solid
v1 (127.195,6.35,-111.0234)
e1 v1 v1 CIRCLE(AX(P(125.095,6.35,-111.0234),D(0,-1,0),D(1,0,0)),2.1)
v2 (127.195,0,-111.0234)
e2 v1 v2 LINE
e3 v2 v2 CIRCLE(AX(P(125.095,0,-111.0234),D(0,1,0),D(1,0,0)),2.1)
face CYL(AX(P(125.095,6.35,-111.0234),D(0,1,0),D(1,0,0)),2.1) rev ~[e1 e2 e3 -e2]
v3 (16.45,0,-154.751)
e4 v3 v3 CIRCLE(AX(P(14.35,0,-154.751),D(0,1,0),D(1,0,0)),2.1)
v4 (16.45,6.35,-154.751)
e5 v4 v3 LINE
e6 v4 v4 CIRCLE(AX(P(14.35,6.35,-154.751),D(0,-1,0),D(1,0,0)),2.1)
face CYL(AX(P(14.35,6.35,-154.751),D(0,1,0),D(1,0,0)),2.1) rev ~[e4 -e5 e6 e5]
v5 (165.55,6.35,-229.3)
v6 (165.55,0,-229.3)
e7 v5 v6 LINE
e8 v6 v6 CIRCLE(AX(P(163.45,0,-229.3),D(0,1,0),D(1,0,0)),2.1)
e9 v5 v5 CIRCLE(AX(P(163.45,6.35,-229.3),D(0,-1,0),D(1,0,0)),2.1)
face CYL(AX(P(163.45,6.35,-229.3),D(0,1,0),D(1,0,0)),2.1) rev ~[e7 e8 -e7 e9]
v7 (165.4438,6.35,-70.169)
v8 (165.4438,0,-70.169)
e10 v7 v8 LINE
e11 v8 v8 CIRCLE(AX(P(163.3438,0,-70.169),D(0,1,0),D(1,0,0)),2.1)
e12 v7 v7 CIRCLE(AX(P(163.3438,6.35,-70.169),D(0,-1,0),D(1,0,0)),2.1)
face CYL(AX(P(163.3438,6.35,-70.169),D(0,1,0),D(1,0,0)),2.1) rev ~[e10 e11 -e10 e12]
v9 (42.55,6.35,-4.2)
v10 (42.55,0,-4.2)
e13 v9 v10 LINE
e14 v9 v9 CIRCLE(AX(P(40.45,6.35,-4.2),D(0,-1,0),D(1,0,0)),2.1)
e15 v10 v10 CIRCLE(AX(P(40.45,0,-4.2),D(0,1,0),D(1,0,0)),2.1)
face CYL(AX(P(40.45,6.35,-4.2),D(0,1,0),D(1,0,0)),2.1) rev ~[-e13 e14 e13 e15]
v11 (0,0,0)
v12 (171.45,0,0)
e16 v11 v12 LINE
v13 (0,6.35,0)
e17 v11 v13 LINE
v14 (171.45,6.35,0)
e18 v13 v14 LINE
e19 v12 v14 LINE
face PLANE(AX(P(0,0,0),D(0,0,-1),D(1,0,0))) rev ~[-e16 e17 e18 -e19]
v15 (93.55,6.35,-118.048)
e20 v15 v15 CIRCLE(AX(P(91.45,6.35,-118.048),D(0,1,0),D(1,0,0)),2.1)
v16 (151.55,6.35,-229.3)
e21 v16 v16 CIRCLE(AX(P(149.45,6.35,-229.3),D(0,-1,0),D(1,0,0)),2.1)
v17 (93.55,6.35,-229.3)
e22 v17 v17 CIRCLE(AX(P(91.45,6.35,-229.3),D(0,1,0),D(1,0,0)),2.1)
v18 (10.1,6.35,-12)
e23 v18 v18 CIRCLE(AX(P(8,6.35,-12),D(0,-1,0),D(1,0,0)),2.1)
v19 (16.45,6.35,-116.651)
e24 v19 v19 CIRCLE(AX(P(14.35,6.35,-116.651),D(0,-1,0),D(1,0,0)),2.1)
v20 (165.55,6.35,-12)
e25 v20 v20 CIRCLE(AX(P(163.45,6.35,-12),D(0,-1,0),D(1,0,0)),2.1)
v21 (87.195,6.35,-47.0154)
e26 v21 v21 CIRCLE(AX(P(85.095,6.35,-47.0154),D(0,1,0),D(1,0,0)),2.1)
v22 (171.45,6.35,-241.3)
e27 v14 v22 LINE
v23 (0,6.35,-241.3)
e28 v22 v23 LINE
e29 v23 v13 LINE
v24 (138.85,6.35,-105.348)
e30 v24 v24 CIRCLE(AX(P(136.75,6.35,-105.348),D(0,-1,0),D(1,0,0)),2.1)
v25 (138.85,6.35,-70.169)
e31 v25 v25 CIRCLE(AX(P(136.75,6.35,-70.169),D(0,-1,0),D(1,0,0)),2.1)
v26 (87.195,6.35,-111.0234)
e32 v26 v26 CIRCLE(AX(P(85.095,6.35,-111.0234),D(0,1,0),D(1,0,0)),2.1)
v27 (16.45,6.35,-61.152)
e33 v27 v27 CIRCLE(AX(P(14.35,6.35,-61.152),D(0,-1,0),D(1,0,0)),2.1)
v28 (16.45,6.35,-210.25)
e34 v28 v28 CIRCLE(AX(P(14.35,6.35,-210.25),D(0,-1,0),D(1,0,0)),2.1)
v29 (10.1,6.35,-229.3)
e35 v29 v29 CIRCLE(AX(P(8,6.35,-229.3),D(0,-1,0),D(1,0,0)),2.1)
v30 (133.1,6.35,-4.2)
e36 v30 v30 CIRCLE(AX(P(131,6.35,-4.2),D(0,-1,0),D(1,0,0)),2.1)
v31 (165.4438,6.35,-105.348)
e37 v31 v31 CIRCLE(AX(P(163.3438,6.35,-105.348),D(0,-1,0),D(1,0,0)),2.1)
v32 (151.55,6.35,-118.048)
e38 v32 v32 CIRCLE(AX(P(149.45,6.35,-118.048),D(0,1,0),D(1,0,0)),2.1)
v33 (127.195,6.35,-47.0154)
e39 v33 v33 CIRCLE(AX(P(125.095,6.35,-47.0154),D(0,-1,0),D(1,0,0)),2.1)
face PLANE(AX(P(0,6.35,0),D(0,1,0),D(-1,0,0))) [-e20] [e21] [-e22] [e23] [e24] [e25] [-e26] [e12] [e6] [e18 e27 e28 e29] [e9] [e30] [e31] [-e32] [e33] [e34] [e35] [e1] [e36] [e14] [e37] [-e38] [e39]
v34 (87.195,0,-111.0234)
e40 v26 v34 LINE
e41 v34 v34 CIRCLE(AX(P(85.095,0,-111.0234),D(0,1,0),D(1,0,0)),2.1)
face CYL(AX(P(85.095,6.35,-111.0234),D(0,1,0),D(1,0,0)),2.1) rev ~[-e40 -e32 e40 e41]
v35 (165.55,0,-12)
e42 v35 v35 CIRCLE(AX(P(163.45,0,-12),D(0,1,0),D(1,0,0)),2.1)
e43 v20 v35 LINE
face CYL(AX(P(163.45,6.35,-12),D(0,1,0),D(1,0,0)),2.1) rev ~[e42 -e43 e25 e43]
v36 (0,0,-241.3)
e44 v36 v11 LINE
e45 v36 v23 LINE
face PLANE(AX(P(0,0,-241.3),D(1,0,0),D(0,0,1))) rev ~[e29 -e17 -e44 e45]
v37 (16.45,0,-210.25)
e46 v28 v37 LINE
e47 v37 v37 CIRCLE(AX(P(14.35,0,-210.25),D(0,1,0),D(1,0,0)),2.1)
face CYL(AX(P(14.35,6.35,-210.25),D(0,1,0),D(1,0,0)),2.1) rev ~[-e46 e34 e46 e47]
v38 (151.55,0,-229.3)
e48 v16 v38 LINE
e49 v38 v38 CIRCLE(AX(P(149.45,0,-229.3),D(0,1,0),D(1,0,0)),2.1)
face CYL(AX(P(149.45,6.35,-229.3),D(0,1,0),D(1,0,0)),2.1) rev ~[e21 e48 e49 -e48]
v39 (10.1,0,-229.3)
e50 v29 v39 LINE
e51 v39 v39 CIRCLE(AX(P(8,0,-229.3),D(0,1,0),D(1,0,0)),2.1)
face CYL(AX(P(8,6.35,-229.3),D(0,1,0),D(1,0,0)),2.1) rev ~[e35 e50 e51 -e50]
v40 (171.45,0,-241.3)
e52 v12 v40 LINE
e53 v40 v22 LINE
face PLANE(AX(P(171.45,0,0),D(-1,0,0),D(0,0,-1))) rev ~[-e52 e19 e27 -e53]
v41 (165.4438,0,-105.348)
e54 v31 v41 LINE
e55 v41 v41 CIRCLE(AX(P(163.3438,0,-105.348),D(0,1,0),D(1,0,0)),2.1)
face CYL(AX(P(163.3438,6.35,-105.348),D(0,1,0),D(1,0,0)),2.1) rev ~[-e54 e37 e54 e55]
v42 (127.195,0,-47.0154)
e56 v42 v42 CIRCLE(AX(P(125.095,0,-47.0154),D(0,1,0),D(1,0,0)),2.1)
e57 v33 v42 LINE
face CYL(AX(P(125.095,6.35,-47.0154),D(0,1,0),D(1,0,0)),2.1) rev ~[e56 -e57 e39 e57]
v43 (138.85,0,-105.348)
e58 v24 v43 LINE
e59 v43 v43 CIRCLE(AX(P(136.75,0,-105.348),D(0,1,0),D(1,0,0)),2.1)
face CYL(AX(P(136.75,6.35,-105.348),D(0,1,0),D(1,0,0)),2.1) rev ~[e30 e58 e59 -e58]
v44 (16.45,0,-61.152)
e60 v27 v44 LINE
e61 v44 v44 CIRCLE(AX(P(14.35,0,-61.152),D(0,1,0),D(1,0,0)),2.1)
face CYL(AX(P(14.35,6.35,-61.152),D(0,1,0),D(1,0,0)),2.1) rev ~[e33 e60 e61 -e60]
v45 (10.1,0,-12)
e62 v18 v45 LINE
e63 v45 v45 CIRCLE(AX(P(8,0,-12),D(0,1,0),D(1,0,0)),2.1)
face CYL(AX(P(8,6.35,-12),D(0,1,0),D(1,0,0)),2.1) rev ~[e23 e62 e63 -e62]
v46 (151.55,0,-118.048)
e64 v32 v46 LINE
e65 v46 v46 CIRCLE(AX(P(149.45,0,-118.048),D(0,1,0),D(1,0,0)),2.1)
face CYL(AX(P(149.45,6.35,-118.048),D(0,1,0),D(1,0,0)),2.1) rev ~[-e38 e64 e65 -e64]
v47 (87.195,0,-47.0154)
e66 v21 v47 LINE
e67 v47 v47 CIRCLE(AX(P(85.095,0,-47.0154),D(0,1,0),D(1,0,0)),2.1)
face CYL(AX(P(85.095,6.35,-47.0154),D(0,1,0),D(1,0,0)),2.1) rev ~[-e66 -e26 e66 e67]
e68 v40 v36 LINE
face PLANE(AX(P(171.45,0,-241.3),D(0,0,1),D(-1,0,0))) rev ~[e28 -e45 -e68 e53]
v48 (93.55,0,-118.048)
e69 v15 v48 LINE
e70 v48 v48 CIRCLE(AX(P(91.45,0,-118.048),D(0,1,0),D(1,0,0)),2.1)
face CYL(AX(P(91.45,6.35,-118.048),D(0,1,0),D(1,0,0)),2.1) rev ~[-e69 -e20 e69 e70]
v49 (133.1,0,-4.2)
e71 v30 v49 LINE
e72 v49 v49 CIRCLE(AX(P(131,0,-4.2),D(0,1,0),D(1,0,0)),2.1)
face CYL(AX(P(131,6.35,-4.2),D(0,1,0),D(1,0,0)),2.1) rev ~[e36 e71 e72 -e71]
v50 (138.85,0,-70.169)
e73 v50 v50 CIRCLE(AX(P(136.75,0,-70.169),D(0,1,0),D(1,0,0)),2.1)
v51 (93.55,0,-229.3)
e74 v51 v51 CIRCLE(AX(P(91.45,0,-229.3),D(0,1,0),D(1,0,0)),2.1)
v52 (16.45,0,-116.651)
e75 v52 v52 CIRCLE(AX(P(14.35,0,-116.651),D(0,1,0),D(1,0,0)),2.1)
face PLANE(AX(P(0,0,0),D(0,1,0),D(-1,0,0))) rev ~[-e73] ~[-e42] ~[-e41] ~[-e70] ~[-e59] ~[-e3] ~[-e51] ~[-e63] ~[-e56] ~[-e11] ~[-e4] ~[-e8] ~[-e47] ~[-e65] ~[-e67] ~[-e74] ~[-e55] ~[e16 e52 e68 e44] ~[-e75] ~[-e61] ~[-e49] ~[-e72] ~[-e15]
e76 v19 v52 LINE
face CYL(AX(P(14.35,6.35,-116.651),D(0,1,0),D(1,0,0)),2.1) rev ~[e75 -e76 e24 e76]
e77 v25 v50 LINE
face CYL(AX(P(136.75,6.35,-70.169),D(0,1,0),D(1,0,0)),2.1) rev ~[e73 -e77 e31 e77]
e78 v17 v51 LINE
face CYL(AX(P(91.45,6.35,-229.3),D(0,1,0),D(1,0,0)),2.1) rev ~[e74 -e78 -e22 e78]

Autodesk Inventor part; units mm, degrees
ref_plane "YZ Plane" through (0, 0, 0) normal (1, 0, 0) x (0, 1, 0)
ref_plane "XZ Plane" through (0, 0, 0) normal (0, 1, 0) x (-1, 0, 0)
ref_plane "XY Plane" through (0, 0, 0) normal (0, 0, 1) x (1, 0, 0)
sketch "Sketch1" plane through (0, 0, 0) normal (0, 1, 0) x (-1, 0, 0)
  line L0 (0, 0) -> (-171.45, 0)
  line L1 (-171.45, 0) -> (-171.45, -241.3)
  line L2 (-171.45, -241.3) -> (0, -241.3)
  line L3 (0, -241.3) -> (0, 0)
  dimension "d0" = 171.45
  dimension "d1" = 241.3
extrude "Extrusion1" add sketch "Sketch1" along normal blind 6.35
sketch "Sketch2" plane through (0, 6.35, 0) normal (0, 1, 0) x (1, 0, 0)
  line L0 (0, 0) -> (8, 0)
  line L1 (0, 0) -> (171.45, 0) projected
  line L2 (8, 0) -> (8, 12)
  line L3 (171.45, 0) -> (163.45, 0)
  line L4 (163.45, 0) -> (163.45, 12)
  line L5 (171.45, 241.3) -> (0, 241.3) projected
  line L6 (0, 241.3) -> (8, 241.3)
  line L7 (8, 241.3) -> (8, 229.3)
  line L8 (171.45, 241.3) -> (163.45, 241.3)
  line L9 (163.45, 241.3) -> (163.45, 229.3)
  circle A0 centre (8, 229.3) radius 2.1
  circle A1 centre (163.45, 229.3) radius 2.1
  circle A2 centre (163.45, 12) radius 2.1
  circle A3 centre (8, 12) radius 2.1
  dimension "d4" = 8
  dimension "d5" = 12
  dimension "d6" = 8
  dimension "d7" = 12
  dimension "d8" = 8
  dimension "d9" = 12
  dimension "d10" = 8
  dimension "d11" = 12
  dimension "d12" = 4.2
  dimension "d13" = 4.2
  dimension "d14" = 4.2
  dimension "d15" = 4.2
extrude "Extrusion2" cut sketch "Sketch2" against normal blind 25.4
sketch "Sketch3" plane through (0, 6.35, 0) normal (0, 1, 0) x (1, 0, 0)
  circle A0 centre (163.45, 12) radius 2.1 projected
  circle A1 centre (8, 229.3) radius 2.1 projected
  circle A2 centre (163.45, 229.3) radius 2.1 projected
  circle A3 centre (8, 12) radius 2.1 projected
  line L0 (0, 0) -> (171.45, 0) projected
  line L1 (171.45, 0) -> (171.45, 241.3) projected
  line L2 (171.45, 241.3) -> (0, 241.3) projected
  line L3 (0, 241.3) -> (0, 0) projected
  line L4 (163.45, 229.3) -> (149.45, 229.3)
  line L5 (149.45, 229.3) -> (91.45, 229.3)
  circle A4 centre (149.45, 229.3) radius 2.1
  circle A5 centre (91.45, 229.3) radius 2.1
  circle A6 centre (149.45, 118.048) radius 2.1
  circle A7 centre (91.45, 118.048) radius 2.1
  line L6 (171.45, 0) -> (125.095, 0)
  line L7 (0, 0) -> (171.45, 0) projected
  line L8 (125.095, 0) -> (125.095, 47.0154)
  circle A8 centre (125.095, 47.0154) radius 2.1
  line L9 (125.095, 47.0154) -> (85.095, 47.0154)
  circle A9 centre (85.095, 47.0154) radius 2.1
  line L10 (125.095, 47.0154) -> (125.095, 111.0234)
  line L11 (125.095, 111.0234) -> (85.095, 111.0234)
  circle A10 centre (85.095, 111.0234) radius 2.1
  circle A11 centre (125.095, 111.0234) radius 2.1
  line L12 (8, 229.3) -> (14.35, 229.3)
  line L13 (14.35, 229.3) -> (14.35, 210.25)
  circle A12 centre (14.35, 210.25) radius 2.1
  line L14 (14.35, 210.25) -> (14.35, 154.751)
  circle A13 centre (14.35, 154.751) radius 2.1
  line L15 (14.35, 154.751) -> (14.35, 116.651)
  circle A14 centre (14.35, 116.651) radius 2.1
  line L16 (14.35, 116.651) -> (14.35, 61.152)
  circle A15 centre (14.35, 61.152) radius 2.1
  dimension "d22" = 14
  dimension "d23" = 58
  dimension "d24" = 4.2
  dimension "d25" = 4.2
  dimension "d28" = 4.2
  dimension "d29" = 111.252
  dimension "d30" = 0
  dimension "d31" = 4.2
  dimension "d32" = 58
  dimension "d33" = 111.252
  dimension "d39" = 46.355
  dimension "d40" = 47.0154
  dimension "d41" = 4.2
  dimension "d42" = 40
  dimension "d43" = 4.2
  dimension "d44" = 64.008
  dimension "d45" = 4.2
  dimension "d46" = 4.2
  dimension "d51" = 6.35
  dimension "d52" = 4.2
  dimension "d53" = 19.05
  dimension "d54" = 55.499
  dimension "d55" = 4.2
  dimension "d56" = 38.1
  dimension "d57" = 4.2
  dimension "d58" = 55.499
  dimension "d59" = 4.2
extrude "Extrusion3" cut sketch "Sketch3" against normal blind 25.4 contours A15 | A14 L16 L15 | L15 L16 A14 | A13 L15 L14 | L14 L15 A13 | A12 L14 L13 | L13 L14 A12 | A5 | A4 L5 L4 | L4 L5 A4 | A9 | A10 | A11 L11 L10 | L10 L11 A11 | A8 L9 L8 | L8 L10 A8 | L9 A8 L10 | A6 | A7
sketch "Sketch4" plane through (0, 6.35, 0) normal (0, 1, 0) x (1, 0, 0)
  line L0 (0, 0) -> (171.45, 0) projected
  line L1 (171.45, 0) -> (131, 0)
  line L2 (131, 0) -> (131, 4.2)
  circle A0 centre (131, 4.2) radius 2.1
  line L3 (0, 0) -> (40.45, 0)
  line L4 (0, 0) -> (171.45, 0) projected
  line L5 (40.45, 0) -> (40.45, 4.2)
  circle A1 centre (40.45, 4.2) radius 2.1
  dimension "d60" = 40.45
  dimension "d61" = 4.2
  dimension "d65" = 4.2
  dimension "d66" = 40.45
  dimension "d67" = 4.2
  dimension "d68" = 4.2
extrude "Extrusion4" cut sketch "Sketch4" against normal blind 25.4
sketch "Sketch5" plane through (0, 6.35, 0) normal (0, 1, 0) x (1, 0, 0)
  circle A0 centre (149.45, 118.048) radius 2.1 projected
  circle A1 centre (131, 4.2) radius 2.1 projected
  circle A2 centre (40.45, 4.2) radius 2.1 projected
  circle A3 centre (14.35, 116.651) radius 2.1 projected
  circle A4 centre (14.35, 210.25) radius 2.1 projected
  circle A5 centre (85.095, 111.0234) radius 2.1 projected
  circle A6 centre (125.095, 47.0154) radius 2.1 projected
  circle A7 centre (149.45, 118.048) radius 2.1 projected
  circle A8 centre (149.45, 229.3) radius 2.1 projected
  circle A9 centre (91.45, 229.3) radius 2.1 projected
  circle A10 centre (91.45, 118.048) radius 2.1 projected
  circle A11 centre (85.095, 47.0154) radius 2.1 projected
  circle A12 centre (125.095, 111.0234) radius 2.1 projected
  circle A13 centre (14.35, 154.751) radius 2.1 projected
  circle A14 centre (14.35, 61.152) radius 2.1 projected
  circle A15 centre (163.45, 12) radius 2.1 projected
  circle A16 centre (8, 229.3) radius 2.1 projected
  circle A17 centre (163.45, 229.3) radius 2.1 projected
  circle A18 centre (8, 12) radius 2.1 projected
  line L0 (0, 0) -> (171.45, 0) projected
  line L1 (171.45, 0) -> (171.45, 241.3) projected
  line L2 (171.45, 241.3) -> (0, 241.3) projected
  line L3 (0, 241.3) -> (0, 0) projected
  line L4 (149.45, 118.048) -> (149.45, 105.348)
  line L5 (149.45, 105.348) -> (136.75, 105.348)
  circle A19 centre (136.75, 105.348) radius 2.1
  line L6 (136.75, 105.348) -> (163.3438, 105.348)
  circle A20 centre (163.3438, 105.348) radius 2.1
  line L7 (136.75, 105.348) -> (136.75, 70.169)
  circle A21 centre (136.75, 70.169) radius 2.1
  line L8 (163.3438, 105.348) -> (163.3438, 70.169)
  circle A22 centre (163.3438, 70.169) radius 2.1
  dimension "d69" = 12.7
  dimension "d70" = 12.7
  dimension "d71" = 4.2
  dimension "d72" = 26.5938
  dimension "d73" = 4.2
  dimension "d74" = 35.179
  dimension "d75" = 4.2
  dimension "d76" = 35.179
  dimension "d77" = 4.2
extrude "Extrusion5" cut sketch "Sketch5" against normal blind 25.4 contours A22 | A20 L8 L6 | L6 L8 A20 | A21 | A19 L7 L5 | L5 L7 A19
properties part number "ModBoard-Bottom"
